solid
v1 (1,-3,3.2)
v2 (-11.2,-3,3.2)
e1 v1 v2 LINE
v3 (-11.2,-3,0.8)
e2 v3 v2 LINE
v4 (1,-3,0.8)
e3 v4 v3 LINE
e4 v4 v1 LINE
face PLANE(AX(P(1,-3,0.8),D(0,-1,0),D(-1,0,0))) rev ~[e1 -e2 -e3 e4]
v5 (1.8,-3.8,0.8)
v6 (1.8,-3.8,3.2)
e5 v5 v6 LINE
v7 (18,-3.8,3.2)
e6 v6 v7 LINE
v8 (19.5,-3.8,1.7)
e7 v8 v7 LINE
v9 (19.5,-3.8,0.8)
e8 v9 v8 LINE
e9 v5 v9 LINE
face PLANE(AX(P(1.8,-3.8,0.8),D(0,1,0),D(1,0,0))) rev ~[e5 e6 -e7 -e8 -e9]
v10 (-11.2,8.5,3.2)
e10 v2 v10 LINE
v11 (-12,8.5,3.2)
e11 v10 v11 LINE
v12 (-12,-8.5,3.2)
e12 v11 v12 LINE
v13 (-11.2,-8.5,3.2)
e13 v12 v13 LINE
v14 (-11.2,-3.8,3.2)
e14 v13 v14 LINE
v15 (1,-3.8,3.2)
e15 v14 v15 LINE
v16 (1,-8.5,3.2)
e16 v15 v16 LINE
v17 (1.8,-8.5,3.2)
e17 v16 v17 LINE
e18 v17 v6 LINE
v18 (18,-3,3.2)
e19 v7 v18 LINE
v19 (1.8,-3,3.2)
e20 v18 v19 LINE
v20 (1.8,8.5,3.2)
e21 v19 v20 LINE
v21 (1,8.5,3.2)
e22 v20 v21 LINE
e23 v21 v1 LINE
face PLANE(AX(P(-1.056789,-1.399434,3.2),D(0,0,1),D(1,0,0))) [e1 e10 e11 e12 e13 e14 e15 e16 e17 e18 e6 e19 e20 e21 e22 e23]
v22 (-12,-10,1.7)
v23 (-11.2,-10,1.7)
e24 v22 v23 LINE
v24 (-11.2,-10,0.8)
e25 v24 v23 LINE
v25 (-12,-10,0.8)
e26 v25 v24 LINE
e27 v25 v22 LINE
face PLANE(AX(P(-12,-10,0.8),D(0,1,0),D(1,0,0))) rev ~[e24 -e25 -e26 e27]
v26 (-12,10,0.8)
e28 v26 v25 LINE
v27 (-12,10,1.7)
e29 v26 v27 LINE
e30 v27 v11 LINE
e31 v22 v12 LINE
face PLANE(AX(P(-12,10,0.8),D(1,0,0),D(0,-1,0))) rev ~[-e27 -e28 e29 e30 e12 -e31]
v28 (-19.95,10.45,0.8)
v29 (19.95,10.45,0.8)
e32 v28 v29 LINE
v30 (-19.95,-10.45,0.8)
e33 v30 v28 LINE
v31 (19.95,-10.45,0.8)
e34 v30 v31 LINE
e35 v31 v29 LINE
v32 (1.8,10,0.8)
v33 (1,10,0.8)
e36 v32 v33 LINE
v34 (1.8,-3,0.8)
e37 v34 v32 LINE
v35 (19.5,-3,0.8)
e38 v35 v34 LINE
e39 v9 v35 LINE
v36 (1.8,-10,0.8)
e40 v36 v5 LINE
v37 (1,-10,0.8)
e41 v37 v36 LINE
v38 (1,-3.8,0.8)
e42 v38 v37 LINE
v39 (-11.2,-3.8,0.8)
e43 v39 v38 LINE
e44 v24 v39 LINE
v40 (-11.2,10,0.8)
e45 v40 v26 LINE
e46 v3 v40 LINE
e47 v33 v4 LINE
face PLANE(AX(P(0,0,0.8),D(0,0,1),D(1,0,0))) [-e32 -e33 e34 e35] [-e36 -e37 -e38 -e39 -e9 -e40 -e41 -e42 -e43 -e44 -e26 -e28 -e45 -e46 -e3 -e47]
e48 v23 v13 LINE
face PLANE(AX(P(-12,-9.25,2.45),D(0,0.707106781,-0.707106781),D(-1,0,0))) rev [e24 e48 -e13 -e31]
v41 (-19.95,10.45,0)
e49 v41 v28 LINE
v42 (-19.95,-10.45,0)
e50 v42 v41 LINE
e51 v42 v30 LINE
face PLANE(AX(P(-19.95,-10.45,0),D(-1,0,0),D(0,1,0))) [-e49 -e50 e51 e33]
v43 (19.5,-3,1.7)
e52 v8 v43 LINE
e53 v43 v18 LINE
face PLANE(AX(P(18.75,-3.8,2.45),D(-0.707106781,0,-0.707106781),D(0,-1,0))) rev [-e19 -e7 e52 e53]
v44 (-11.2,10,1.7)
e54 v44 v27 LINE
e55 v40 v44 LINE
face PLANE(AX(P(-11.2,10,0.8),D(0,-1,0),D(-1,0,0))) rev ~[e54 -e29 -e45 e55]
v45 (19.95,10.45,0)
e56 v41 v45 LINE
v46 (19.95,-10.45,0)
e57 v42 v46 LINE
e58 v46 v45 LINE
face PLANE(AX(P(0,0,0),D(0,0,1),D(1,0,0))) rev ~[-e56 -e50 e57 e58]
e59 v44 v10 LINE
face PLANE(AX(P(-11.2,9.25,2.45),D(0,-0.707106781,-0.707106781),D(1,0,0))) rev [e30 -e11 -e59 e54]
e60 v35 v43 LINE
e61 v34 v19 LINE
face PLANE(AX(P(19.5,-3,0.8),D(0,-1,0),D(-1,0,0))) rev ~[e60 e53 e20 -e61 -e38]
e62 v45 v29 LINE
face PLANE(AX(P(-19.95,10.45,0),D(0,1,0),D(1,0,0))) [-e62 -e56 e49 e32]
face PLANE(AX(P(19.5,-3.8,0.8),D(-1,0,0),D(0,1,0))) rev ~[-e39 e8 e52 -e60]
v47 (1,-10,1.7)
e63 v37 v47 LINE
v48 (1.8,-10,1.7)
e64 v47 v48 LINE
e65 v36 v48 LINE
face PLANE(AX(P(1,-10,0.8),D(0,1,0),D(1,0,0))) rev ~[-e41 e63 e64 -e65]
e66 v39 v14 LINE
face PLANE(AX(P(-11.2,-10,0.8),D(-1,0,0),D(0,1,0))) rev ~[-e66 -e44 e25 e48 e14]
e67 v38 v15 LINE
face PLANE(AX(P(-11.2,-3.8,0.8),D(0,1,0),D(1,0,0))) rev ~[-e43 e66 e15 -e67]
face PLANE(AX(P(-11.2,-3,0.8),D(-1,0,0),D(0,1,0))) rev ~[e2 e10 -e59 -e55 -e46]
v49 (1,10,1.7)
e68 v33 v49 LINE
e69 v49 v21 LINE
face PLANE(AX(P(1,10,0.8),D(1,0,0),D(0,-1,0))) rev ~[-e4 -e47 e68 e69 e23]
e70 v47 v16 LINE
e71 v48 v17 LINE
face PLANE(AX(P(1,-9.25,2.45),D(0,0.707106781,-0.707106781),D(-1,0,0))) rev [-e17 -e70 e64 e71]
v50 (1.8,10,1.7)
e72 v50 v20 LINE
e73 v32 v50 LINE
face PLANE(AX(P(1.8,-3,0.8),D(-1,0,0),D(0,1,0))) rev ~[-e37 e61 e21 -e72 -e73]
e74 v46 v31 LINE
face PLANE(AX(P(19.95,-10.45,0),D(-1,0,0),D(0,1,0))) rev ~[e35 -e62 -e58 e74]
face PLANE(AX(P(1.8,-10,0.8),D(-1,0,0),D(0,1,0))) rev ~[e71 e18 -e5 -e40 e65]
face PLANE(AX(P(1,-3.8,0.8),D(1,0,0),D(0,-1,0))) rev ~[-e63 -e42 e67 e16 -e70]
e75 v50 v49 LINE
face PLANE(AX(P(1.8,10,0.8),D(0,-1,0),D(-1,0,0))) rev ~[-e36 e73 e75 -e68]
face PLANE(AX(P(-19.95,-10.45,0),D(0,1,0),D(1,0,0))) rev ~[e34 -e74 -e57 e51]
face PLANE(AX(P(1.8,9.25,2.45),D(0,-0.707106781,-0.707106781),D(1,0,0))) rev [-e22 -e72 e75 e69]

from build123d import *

# Parameters (mm, degrees)
F0_W     = 39.9
F0_H     = 20.9
F1_DEPTH = 0.8
F3_DEPTH = 2.4
F4_SIZE  = 1.5


with BuildPart() as f1:
    # F0 (on Top) → F1 (new body)
    with BuildSketch(Plane.XY):
        Rectangle(F0_W, F0_H)
    extrude(amount=F1_DEPTH)

    # F2 (on face) → F3 (join)
    with BuildSketch(Plane.XY.offset(0.8)):
        Polygon((-12, -10), (-11.2, -10), (-11.2, -3.8), (1, -3.8), (1, -10), (1.8, -10), (1.8, -3.8), (19.5, -3.8), (19.5, -3), (1.8, -3), (1.8, 10), (1, 10), (1, -3), (-11.2, -3), (-11.2, 10), (-12, 10), align=None)
    extrude(amount=F3_DEPTH)

    # F4
    f4_edges = [f1.edges().sort_by_distance(p)[0] for p in [
        (-11.6, -10, 3.2),
        (1.4, -10, 3.2),
        (-11.6, 10, 3.2),
        (1.4, 10, 3.2),
        (19.5, -3.4, 3.2),
    ]]
    chamfer(f4_edges, length=F4_SIZE)


solid = f1.part
